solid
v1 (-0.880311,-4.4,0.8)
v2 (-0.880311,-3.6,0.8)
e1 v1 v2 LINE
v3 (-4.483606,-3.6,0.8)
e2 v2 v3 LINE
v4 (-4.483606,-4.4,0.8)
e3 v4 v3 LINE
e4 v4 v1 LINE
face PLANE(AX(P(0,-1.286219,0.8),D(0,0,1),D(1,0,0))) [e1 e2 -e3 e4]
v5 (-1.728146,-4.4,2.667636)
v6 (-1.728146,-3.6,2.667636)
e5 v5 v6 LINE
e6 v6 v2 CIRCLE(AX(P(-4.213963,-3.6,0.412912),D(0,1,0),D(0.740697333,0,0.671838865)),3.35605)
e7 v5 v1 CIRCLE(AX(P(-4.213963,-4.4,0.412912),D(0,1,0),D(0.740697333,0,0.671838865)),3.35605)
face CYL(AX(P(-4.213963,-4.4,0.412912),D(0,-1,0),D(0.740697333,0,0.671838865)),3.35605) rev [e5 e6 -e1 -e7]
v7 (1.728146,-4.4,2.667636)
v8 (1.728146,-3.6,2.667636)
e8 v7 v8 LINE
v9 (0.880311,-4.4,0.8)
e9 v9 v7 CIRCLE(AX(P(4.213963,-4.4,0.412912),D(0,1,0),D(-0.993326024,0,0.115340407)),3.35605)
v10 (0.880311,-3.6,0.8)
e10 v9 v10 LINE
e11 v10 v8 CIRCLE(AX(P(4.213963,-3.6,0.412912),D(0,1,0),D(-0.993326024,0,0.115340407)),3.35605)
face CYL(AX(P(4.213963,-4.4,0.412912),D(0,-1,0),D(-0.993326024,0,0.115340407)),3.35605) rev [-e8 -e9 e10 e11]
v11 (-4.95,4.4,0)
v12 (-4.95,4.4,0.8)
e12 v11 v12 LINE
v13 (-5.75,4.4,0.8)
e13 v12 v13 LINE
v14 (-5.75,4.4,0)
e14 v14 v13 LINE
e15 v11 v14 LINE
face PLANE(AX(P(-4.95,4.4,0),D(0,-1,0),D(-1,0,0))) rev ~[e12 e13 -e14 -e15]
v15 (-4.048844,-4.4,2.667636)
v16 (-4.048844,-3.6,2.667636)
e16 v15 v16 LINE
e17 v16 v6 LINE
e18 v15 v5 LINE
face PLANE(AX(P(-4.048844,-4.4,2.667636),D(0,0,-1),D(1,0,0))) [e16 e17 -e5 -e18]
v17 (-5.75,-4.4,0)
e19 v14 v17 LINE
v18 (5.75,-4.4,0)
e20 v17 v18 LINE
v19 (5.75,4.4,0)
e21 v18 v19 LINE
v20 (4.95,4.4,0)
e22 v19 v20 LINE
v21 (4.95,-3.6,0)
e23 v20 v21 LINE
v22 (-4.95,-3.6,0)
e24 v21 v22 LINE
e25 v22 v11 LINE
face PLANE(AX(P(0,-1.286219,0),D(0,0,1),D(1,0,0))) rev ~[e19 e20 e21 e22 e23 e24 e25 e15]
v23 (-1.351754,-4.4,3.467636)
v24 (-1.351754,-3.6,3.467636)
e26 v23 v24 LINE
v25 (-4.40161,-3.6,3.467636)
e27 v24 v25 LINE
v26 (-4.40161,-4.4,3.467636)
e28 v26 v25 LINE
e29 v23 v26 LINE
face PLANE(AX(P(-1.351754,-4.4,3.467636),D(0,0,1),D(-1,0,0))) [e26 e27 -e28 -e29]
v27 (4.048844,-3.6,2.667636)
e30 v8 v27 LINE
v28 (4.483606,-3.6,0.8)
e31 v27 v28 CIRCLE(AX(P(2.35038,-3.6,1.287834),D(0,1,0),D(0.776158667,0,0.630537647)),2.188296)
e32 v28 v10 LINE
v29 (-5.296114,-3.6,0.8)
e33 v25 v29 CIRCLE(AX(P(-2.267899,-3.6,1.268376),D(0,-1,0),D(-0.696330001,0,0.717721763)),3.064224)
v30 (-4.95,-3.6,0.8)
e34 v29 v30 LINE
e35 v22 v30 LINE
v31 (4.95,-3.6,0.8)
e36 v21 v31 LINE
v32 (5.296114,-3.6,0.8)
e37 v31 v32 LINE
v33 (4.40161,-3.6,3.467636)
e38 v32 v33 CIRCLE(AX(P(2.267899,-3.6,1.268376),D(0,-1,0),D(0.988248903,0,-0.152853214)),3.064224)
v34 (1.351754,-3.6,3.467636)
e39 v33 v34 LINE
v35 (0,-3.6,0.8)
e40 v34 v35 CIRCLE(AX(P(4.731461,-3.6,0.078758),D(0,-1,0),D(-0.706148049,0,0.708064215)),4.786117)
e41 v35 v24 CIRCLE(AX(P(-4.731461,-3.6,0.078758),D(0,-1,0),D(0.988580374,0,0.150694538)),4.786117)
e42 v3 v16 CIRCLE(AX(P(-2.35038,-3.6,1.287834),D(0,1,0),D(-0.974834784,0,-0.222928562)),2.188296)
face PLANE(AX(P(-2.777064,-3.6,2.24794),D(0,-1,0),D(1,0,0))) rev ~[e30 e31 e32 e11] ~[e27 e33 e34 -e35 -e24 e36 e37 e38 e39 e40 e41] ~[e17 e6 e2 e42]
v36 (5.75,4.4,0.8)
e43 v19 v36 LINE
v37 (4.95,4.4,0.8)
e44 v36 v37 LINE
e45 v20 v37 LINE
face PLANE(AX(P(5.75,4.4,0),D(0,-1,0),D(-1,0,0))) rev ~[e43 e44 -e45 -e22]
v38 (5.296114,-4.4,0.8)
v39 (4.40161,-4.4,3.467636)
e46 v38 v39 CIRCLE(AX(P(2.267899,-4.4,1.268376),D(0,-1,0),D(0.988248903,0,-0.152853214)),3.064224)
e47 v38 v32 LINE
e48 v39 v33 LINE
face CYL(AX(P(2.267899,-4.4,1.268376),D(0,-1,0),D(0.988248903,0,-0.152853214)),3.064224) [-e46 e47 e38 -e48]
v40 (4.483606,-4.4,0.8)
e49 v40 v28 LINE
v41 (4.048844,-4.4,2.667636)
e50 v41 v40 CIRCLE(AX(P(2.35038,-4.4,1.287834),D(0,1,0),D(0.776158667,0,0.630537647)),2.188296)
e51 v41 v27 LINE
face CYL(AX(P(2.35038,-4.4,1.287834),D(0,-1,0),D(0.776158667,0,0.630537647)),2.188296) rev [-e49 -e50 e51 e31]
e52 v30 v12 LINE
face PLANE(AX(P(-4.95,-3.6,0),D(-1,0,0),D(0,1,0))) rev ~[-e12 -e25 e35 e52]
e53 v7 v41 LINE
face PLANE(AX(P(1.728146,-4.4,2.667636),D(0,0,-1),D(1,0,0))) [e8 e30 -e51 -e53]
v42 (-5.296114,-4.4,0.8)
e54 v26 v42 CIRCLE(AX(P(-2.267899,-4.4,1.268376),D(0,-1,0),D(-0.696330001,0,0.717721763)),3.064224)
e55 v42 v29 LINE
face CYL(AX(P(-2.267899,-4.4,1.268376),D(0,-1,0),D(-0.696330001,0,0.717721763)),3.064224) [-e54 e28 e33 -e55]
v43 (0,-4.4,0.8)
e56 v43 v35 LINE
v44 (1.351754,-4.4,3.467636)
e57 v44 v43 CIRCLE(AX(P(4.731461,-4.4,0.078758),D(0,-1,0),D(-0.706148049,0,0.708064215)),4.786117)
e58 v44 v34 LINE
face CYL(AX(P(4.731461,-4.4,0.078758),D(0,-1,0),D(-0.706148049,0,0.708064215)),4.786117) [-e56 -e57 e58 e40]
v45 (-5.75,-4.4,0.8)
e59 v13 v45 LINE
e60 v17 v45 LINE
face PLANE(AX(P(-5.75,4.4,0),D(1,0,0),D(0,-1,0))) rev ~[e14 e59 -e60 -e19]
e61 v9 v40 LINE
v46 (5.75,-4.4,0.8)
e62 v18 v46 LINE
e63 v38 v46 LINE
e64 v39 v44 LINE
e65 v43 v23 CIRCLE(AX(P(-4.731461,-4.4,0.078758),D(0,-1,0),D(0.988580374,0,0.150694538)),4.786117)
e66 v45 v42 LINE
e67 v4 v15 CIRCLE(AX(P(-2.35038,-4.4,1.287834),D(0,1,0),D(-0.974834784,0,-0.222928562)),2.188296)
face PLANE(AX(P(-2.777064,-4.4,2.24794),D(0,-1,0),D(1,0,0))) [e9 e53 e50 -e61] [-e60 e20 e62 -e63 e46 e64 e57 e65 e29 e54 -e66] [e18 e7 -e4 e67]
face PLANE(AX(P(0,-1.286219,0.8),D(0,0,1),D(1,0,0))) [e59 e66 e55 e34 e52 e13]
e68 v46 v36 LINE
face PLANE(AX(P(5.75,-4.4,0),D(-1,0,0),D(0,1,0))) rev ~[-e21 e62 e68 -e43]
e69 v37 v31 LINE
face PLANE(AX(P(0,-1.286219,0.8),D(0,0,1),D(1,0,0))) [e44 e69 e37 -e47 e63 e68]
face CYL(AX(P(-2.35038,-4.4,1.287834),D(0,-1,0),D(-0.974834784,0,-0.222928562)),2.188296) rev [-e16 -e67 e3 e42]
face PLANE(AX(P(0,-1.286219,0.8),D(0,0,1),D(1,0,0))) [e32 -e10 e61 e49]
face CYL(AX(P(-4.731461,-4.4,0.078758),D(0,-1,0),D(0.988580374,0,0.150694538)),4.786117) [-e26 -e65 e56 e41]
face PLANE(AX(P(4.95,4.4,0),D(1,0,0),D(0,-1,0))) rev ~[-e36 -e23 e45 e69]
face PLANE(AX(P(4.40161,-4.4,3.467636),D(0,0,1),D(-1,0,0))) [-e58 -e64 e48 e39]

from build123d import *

# Parameters (mm, degrees)
F1_DEPTH = 0.8
F3_DEPTH = 0.8


with BuildPart() as f1:
    # F0 (on Top) → F1 (new body)
    with BuildSketch(Plane.XY):
        Polygon((5.75, -4.4), (5.75, 4.4), (4.95, 4.4), (4.95, -3.6), (-4.95, -3.6), (-4.95, 4.4), (-5.75, 4.4), (-5.75, -4.4), align=None)
    extrude(amount=F1_DEPTH)

    # F2 (on face) → F3 (join)
    with BuildSketch(Plane.XZ.offset(4.4)):
        with BuildLine():
            Line((-1.3517540975, 3.4676363777), (-4.4016095807, 3.4676363777))
            ThreePointArc((-4.4016095807, 3.4676363777), (-5.1731426527, 2.2425551298), (-5.2961143665, 0.8))
            Line((-5.2961143665, 0.8), (-4.4836062007, 0.8))
            ThreePointArc((-4.4836062007, 0.8), (-4.4816891927, 1.7839754849), (-4.0488441208, 2.6676363777))
            Line((-4.0488441208, 2.6676363777), (-1.7281457549, 2.6676363777))
            ThreePointArc((-1.7281457549, 2.6676363777), (-1.1580554374, 1.8001751094), (-0.8803113597, 0.8))
            Line((-0.8803113597, 0.8), (0, 0.8))
            ThreePointArc((0, 0.8), (-0.4621715879, 2.2421077724), (-1.3517540975, 3.4676363777))
        make_face()
        with BuildLine():
            ThreePointArc((1.3517540975, 3.4676363777), (0.4621715879, 2.2421077724), (0, 0.8))
            Line((0, 0.8), (0.8803113597, 0.8))
            ThreePointArc((0.8803113597, 0.8), (1.1580554374, 1.8001751094), (1.7281457549, 2.6676363777))
            Line((1.7281457549, 2.6676363777), (4.0488441208, 2.6676363777))
            ThreePointArc((4.0488441208, 2.6676363777), (4.4816891927, 1.7839754849), (4.4836062007, 0.8))
            Line((4.4836062007, 0.8), (5.2961143665, 0.8))
            ThreePointArc((5.2961143665, 0.8), (5.1731426527, 2.2425551298), (4.4016095807, 3.4676363777))
            Line((4.4016095807, 3.4676363777), (1.3517540975, 3.4676363777))
        make_face()
    extrude(amount=-F3_DEPTH)


solid = f1.part
